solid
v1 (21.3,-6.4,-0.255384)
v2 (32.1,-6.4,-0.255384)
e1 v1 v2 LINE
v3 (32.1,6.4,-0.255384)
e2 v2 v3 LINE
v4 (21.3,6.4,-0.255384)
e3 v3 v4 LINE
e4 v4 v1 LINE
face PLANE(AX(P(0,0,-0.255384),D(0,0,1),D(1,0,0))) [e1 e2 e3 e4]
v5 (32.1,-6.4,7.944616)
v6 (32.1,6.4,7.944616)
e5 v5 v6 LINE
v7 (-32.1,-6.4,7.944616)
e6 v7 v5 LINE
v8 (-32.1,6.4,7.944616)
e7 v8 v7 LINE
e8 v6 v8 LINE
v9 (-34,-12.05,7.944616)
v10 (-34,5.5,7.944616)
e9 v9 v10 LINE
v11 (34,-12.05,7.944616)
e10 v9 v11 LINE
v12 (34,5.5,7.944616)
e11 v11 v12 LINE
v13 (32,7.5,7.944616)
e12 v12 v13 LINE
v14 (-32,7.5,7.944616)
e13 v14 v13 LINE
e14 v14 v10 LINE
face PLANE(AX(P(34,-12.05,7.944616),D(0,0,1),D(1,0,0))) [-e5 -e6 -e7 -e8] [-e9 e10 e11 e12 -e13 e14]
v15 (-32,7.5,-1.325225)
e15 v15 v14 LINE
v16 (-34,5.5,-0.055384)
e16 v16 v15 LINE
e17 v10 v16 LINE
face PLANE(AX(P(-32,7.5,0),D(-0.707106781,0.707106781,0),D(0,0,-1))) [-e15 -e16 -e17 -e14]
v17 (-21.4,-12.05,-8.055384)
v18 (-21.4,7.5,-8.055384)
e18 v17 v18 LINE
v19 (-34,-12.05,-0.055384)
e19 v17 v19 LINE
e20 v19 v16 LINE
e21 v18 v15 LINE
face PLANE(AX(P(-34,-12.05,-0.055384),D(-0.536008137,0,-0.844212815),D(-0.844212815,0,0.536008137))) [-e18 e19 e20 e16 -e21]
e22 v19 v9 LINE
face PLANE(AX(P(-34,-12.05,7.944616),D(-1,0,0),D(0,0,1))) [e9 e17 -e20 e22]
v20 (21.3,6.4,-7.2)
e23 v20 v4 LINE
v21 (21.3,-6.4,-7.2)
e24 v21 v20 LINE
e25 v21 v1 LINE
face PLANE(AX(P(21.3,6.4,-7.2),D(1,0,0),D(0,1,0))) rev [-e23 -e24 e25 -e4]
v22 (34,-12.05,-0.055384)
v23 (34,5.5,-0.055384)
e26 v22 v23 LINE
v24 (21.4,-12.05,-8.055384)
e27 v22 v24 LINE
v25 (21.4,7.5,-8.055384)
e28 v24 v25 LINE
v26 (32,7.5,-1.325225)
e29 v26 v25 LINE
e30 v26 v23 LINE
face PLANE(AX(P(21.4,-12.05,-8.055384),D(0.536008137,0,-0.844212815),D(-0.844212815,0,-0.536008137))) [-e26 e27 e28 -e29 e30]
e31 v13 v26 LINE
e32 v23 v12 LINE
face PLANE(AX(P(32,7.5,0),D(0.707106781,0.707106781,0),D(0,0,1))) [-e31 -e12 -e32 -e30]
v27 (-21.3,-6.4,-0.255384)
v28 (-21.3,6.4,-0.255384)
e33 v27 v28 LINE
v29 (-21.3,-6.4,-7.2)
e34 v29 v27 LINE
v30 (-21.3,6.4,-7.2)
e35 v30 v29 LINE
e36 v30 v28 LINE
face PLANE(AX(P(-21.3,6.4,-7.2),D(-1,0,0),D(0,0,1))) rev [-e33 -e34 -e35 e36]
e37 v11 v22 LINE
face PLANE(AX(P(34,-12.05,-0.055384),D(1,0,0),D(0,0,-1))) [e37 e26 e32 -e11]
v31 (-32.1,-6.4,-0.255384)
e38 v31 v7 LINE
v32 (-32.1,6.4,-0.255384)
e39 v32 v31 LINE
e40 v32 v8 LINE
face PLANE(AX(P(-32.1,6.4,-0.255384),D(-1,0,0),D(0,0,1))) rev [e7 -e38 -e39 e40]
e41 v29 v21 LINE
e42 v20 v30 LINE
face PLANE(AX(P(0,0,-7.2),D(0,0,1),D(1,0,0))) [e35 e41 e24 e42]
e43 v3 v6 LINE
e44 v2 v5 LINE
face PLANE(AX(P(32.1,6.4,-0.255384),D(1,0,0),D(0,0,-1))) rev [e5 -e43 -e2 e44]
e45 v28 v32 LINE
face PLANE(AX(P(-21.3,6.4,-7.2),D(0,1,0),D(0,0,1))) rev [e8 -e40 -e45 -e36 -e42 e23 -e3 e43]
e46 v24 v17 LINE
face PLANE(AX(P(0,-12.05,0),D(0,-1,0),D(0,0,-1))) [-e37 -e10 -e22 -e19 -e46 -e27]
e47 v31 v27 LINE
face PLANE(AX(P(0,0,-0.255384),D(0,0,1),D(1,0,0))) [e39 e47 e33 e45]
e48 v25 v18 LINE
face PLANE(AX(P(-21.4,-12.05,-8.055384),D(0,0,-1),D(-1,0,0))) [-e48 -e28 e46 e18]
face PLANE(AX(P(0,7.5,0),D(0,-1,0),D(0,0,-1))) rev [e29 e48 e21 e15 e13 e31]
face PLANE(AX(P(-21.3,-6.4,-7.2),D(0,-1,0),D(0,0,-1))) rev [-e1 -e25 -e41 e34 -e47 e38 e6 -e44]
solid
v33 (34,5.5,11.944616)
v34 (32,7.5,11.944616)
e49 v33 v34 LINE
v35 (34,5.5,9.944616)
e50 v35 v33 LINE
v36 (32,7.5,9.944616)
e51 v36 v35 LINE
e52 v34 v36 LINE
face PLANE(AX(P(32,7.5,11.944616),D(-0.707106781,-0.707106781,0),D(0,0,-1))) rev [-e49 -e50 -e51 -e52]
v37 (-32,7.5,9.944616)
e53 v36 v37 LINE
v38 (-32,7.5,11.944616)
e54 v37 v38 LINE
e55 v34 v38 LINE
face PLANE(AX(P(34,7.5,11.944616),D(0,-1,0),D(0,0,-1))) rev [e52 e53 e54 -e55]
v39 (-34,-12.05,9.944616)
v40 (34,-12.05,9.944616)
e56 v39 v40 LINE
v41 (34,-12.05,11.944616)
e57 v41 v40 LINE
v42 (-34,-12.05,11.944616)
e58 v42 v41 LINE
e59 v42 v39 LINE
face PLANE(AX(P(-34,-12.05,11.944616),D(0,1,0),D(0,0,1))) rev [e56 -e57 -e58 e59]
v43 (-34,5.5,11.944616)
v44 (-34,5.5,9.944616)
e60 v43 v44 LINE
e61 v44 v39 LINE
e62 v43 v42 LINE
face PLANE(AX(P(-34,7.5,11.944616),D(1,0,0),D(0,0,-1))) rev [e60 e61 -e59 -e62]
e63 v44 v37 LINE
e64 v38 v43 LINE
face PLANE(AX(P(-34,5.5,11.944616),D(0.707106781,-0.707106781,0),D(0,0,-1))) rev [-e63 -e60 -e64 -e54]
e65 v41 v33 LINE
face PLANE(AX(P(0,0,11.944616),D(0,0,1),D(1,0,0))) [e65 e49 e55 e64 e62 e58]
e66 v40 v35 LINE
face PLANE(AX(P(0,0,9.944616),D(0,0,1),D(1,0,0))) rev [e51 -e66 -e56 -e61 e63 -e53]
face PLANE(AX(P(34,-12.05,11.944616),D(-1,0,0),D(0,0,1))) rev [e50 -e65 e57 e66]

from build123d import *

# Parameters (mm, degrees)
BOSS_EXTRUDE1_DEPTH      = 7.5
BOSS_EXTRUDE1_DEPTH_BACK = 12.05
SKETCH1_W                = 42.6
SKETCH1_H                = 12.8
CUT_EXTRUDE1_DEPTH       = 7.2
SKETCH1_2_W              = 42.6
SKETCH1_2_H              = 12.8
CUT_EXTRUDE2_DEPTH       = 37.960677854
SKETCH3_W                = 64.2
SKETCH3_H                = 12.8
CUT_EXTRUDE3_DEPTH       = 8.2
BOSS_EXTRUDE2_START      = 2
SKETCH4_W                = 68
SKETCH4_H                = 19.55
BOSS_EXTRUDE2_DEPTH      = 2
CHAMFER1_SIZE            = 2
CHAMFER2_SIZE            = 2


with BuildPart() as part:
    # Sketch2 → Boss-Extrude1 (new, two sides: drawn at the far end of the back side and taken through both)
    with BuildSketch(Plane(origin=(0, 0, 0), x_dir=(1, 0, 0), z_dir=(0, 1, 0)).offset(-BOSS_EXTRUDE1_DEPTH_BACK)):
        Polygon((-34, 0.055383753), (-21.4, 8.055383753), (21.4, 8.055383753), (34, 0.055383753), (34, -7.944616247), (-34, -7.944616247), align=None)
    extrude(amount=BOSS_EXTRUDE1_DEPTH + BOSS_EXTRUDE1_DEPTH_BACK)

    # Sketch1 → Cut-Extrude1 (cut)
    with BuildSketch(Plane.XY):
        Rectangle(SKETCH1_W, SKETCH1_H)
    extrude(amount=-CUT_EXTRUDE1_DEPTH, mode=Mode.SUBTRACT)

    # Sketch1<2> → Cut-Extrude2 (cut, through all)
    with BuildSketch(Plane.XY):
        Rectangle(SKETCH1_2_W, SKETCH1_2_H)
    extrude(amount=CUT_EXTRUDE2_DEPTH, mode=Mode.SUBTRACT)

    # Sketch3 → Cut-Extrude3 (cut)
    with BuildSketch(Plane.XY.offset(7.944616247)):
        Rectangle(SKETCH3_W, SKETCH3_H)
    extrude(amount=-CUT_EXTRUDE3_DEPTH, mode=Mode.SUBTRACT)

    # Chamfer1
    chamfer1_edges = [part.edges().sort_by_distance(p)[0] for p in [
        (34, 7.5, 3.944616247),
        (-34, 7.5, 3.944616247),
    ]]
    chamfer(chamfer1_edges, length=CHAMFER1_SIZE)


with BuildPart() as body_2:
    # Sketch4 → Boss-Extrude2 (new body)
    with BuildSketch(Plane.XY.offset(7.944616247).offset(BOSS_EXTRUDE2_START)):
        with Locations((0, -2.275)):
            Rectangle(SKETCH4_W, SKETCH4_H)
    extrude(amount=BOSS_EXTRUDE2_DEPTH)

    # Chamfer2
    chamfer2_edges = [body_2.edges().sort_by_distance(p)[0] for p in [
        (34, 7.5, 10.944616247),
        (-34, 7.5, 10.944616247),
    ]]
    chamfer(chamfer2_edges, length=CHAMFER2_SIZE)


solid = Compound([part.part, body_2.part])
